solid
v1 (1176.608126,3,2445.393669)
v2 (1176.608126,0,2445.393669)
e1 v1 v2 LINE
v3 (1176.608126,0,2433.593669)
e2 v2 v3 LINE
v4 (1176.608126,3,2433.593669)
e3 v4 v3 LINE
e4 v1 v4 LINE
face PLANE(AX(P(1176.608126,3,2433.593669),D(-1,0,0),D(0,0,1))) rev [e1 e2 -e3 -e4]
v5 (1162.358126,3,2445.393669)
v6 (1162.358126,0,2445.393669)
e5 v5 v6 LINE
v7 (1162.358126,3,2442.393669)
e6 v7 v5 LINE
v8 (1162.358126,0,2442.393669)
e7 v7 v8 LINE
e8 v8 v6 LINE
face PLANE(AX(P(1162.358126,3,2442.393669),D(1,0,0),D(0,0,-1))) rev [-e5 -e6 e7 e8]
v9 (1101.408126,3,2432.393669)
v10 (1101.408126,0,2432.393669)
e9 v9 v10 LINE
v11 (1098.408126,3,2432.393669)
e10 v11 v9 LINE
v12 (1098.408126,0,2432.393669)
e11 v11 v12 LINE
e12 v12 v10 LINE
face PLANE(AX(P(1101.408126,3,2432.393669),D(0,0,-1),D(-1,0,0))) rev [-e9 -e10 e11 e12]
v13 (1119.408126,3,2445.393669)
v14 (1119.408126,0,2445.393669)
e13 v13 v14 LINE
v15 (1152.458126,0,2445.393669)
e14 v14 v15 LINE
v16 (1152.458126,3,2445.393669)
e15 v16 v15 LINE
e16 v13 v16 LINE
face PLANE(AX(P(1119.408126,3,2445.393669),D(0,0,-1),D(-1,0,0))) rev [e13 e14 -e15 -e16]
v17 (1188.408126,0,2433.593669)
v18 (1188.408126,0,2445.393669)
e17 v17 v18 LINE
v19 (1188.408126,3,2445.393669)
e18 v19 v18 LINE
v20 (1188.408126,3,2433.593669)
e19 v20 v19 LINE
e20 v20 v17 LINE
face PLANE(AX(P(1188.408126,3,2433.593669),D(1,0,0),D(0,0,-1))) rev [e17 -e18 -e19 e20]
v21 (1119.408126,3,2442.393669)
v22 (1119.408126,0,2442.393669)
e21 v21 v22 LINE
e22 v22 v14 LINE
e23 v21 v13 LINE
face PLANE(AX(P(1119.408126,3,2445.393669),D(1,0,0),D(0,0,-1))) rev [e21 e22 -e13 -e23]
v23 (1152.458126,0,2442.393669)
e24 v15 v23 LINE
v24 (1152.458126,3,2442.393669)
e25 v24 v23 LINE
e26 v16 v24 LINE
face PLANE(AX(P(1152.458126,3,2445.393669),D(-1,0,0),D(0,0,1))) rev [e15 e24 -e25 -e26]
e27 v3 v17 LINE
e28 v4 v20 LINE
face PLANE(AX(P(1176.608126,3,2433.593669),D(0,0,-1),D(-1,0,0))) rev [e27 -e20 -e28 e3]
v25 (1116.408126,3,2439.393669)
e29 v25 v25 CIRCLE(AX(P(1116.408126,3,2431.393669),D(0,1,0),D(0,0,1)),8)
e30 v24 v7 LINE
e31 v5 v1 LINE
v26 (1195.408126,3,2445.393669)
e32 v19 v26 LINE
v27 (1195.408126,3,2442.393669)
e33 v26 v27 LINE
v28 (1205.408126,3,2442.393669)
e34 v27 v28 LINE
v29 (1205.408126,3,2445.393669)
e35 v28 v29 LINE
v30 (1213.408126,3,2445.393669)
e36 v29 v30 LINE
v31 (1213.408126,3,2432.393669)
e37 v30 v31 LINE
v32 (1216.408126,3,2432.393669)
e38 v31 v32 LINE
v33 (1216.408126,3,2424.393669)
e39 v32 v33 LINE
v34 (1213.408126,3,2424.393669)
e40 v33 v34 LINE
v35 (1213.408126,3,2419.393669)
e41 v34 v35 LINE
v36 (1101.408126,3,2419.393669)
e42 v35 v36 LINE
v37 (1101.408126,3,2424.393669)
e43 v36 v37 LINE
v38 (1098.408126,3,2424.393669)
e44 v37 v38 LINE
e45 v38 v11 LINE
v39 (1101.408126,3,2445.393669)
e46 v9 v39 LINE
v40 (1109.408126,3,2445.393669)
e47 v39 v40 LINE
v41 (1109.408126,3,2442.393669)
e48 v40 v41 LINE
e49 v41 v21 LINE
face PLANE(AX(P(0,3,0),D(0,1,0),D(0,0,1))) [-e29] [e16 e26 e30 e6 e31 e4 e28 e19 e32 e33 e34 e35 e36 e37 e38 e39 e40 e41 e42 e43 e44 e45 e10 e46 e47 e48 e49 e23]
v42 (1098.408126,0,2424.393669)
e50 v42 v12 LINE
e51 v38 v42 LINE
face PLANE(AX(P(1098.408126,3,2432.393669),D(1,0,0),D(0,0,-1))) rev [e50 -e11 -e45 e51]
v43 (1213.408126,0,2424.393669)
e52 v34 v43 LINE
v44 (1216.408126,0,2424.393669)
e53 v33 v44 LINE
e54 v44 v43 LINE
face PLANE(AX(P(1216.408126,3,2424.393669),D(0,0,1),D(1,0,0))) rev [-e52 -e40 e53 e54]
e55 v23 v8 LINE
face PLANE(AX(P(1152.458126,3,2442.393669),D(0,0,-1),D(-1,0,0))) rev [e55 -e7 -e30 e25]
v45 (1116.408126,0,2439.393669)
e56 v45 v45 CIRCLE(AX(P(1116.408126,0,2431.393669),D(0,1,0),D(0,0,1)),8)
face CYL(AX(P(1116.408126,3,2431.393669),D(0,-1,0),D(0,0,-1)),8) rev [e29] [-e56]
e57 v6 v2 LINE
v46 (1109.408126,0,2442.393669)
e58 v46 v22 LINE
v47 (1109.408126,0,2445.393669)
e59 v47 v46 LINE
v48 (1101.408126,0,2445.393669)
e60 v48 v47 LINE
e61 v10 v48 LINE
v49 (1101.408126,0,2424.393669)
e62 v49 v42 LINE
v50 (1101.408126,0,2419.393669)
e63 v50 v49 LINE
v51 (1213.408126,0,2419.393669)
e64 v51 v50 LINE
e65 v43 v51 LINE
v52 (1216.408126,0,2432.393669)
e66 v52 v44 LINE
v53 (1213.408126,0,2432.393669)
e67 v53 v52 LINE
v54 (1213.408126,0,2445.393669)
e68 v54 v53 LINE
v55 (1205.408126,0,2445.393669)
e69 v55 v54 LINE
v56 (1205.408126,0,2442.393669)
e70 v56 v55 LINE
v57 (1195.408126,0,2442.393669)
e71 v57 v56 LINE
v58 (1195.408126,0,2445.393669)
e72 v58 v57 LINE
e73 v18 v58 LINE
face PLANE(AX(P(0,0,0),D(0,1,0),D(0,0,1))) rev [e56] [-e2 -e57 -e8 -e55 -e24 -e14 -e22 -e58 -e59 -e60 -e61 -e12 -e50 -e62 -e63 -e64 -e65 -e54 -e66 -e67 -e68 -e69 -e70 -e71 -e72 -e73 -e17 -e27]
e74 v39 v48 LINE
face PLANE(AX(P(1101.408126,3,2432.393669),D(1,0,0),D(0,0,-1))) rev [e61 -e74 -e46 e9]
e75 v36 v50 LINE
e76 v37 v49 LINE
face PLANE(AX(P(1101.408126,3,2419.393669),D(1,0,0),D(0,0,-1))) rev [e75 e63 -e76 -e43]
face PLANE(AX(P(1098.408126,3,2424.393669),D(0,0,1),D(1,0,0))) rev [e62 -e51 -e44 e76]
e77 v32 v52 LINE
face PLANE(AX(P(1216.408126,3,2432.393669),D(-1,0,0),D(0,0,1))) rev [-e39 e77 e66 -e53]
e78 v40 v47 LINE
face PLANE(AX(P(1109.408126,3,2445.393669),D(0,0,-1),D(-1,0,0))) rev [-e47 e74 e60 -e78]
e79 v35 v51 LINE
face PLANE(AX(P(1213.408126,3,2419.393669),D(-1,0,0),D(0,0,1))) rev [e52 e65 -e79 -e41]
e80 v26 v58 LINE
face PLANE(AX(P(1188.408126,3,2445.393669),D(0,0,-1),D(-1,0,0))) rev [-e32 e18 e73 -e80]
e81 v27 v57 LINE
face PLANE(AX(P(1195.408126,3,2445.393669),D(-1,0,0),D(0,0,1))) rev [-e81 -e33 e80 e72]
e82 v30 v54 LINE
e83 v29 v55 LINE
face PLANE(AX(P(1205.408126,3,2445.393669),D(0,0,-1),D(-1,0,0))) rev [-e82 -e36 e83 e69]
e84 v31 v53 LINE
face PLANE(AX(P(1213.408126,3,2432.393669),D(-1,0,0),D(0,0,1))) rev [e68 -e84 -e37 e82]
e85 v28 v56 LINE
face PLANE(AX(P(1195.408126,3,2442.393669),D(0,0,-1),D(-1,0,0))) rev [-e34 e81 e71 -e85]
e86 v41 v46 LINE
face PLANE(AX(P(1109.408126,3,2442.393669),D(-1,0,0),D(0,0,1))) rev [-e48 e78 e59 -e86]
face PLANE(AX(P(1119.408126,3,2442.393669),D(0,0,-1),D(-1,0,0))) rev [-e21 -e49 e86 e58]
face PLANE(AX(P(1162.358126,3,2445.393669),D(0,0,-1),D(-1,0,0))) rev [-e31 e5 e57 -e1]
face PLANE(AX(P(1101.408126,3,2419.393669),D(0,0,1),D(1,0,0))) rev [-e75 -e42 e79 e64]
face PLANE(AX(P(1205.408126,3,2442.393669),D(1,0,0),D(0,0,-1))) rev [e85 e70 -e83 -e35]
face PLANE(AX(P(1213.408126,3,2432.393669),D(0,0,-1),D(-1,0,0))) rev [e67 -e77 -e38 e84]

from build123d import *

# Parameters (mm, degrees)
SKETCH1_R           = 8
BOSS_EXTRUDE1_DEPTH = 3


with BuildPart() as part:
    # Sketch1 → Boss-Extrude1 (new body)
    with BuildSketch(Plane(origin=(0, 0, 0), x_dir=(1, 0, 0), z_dir=(0, 1, 0))):
        Polygon((1213.408125786, -2432.393668664), (1216.408125786, -2432.393668664), (1216.408125786, -2424.393668664), (1213.408125786, -2424.393668664), (1213.408125786, -2419.393668664), (1101.408125786, -2419.393668664), (1101.408125786, -2424.393668664), (1098.408125786, -2424.393668664), (1098.408125786, -2432.393668664), (1101.408125786, -2432.393668664), (1101.408125786, -2445.393668664), (1109.408125786, -2445.393668664), (1109.408125786, -2442.393668664), (1119.408125786, -2442.393668664), (1119.408125786, -2445.393668664), (1152.458125786, -2445.393668664), (1152.458125786, -2442.393668664), (1162.358125786, -2442.393668664), (1162.358125786, -2445.393668664), (1176.608125786, -2445.393668664), (1176.608125786, -2433.593668664), (1188.408125786, -2433.593668664), (1188.408125786, -2445.393668664), (1195.408125786, -2445.393668664), (1195.408125786, -2442.393668664), (1205.408125786, -2442.393668664), (1205.408125786, -2445.393668664), (1213.408125786, -2445.393668664), align=None)
        with Locations((1116.408125786, -2431.393668664)):
            Circle(SKETCH1_R, mode=Mode.SUBTRACT)
    extrude(amount=BOSS_EXTRUDE1_DEPTH)


solid = part.part
